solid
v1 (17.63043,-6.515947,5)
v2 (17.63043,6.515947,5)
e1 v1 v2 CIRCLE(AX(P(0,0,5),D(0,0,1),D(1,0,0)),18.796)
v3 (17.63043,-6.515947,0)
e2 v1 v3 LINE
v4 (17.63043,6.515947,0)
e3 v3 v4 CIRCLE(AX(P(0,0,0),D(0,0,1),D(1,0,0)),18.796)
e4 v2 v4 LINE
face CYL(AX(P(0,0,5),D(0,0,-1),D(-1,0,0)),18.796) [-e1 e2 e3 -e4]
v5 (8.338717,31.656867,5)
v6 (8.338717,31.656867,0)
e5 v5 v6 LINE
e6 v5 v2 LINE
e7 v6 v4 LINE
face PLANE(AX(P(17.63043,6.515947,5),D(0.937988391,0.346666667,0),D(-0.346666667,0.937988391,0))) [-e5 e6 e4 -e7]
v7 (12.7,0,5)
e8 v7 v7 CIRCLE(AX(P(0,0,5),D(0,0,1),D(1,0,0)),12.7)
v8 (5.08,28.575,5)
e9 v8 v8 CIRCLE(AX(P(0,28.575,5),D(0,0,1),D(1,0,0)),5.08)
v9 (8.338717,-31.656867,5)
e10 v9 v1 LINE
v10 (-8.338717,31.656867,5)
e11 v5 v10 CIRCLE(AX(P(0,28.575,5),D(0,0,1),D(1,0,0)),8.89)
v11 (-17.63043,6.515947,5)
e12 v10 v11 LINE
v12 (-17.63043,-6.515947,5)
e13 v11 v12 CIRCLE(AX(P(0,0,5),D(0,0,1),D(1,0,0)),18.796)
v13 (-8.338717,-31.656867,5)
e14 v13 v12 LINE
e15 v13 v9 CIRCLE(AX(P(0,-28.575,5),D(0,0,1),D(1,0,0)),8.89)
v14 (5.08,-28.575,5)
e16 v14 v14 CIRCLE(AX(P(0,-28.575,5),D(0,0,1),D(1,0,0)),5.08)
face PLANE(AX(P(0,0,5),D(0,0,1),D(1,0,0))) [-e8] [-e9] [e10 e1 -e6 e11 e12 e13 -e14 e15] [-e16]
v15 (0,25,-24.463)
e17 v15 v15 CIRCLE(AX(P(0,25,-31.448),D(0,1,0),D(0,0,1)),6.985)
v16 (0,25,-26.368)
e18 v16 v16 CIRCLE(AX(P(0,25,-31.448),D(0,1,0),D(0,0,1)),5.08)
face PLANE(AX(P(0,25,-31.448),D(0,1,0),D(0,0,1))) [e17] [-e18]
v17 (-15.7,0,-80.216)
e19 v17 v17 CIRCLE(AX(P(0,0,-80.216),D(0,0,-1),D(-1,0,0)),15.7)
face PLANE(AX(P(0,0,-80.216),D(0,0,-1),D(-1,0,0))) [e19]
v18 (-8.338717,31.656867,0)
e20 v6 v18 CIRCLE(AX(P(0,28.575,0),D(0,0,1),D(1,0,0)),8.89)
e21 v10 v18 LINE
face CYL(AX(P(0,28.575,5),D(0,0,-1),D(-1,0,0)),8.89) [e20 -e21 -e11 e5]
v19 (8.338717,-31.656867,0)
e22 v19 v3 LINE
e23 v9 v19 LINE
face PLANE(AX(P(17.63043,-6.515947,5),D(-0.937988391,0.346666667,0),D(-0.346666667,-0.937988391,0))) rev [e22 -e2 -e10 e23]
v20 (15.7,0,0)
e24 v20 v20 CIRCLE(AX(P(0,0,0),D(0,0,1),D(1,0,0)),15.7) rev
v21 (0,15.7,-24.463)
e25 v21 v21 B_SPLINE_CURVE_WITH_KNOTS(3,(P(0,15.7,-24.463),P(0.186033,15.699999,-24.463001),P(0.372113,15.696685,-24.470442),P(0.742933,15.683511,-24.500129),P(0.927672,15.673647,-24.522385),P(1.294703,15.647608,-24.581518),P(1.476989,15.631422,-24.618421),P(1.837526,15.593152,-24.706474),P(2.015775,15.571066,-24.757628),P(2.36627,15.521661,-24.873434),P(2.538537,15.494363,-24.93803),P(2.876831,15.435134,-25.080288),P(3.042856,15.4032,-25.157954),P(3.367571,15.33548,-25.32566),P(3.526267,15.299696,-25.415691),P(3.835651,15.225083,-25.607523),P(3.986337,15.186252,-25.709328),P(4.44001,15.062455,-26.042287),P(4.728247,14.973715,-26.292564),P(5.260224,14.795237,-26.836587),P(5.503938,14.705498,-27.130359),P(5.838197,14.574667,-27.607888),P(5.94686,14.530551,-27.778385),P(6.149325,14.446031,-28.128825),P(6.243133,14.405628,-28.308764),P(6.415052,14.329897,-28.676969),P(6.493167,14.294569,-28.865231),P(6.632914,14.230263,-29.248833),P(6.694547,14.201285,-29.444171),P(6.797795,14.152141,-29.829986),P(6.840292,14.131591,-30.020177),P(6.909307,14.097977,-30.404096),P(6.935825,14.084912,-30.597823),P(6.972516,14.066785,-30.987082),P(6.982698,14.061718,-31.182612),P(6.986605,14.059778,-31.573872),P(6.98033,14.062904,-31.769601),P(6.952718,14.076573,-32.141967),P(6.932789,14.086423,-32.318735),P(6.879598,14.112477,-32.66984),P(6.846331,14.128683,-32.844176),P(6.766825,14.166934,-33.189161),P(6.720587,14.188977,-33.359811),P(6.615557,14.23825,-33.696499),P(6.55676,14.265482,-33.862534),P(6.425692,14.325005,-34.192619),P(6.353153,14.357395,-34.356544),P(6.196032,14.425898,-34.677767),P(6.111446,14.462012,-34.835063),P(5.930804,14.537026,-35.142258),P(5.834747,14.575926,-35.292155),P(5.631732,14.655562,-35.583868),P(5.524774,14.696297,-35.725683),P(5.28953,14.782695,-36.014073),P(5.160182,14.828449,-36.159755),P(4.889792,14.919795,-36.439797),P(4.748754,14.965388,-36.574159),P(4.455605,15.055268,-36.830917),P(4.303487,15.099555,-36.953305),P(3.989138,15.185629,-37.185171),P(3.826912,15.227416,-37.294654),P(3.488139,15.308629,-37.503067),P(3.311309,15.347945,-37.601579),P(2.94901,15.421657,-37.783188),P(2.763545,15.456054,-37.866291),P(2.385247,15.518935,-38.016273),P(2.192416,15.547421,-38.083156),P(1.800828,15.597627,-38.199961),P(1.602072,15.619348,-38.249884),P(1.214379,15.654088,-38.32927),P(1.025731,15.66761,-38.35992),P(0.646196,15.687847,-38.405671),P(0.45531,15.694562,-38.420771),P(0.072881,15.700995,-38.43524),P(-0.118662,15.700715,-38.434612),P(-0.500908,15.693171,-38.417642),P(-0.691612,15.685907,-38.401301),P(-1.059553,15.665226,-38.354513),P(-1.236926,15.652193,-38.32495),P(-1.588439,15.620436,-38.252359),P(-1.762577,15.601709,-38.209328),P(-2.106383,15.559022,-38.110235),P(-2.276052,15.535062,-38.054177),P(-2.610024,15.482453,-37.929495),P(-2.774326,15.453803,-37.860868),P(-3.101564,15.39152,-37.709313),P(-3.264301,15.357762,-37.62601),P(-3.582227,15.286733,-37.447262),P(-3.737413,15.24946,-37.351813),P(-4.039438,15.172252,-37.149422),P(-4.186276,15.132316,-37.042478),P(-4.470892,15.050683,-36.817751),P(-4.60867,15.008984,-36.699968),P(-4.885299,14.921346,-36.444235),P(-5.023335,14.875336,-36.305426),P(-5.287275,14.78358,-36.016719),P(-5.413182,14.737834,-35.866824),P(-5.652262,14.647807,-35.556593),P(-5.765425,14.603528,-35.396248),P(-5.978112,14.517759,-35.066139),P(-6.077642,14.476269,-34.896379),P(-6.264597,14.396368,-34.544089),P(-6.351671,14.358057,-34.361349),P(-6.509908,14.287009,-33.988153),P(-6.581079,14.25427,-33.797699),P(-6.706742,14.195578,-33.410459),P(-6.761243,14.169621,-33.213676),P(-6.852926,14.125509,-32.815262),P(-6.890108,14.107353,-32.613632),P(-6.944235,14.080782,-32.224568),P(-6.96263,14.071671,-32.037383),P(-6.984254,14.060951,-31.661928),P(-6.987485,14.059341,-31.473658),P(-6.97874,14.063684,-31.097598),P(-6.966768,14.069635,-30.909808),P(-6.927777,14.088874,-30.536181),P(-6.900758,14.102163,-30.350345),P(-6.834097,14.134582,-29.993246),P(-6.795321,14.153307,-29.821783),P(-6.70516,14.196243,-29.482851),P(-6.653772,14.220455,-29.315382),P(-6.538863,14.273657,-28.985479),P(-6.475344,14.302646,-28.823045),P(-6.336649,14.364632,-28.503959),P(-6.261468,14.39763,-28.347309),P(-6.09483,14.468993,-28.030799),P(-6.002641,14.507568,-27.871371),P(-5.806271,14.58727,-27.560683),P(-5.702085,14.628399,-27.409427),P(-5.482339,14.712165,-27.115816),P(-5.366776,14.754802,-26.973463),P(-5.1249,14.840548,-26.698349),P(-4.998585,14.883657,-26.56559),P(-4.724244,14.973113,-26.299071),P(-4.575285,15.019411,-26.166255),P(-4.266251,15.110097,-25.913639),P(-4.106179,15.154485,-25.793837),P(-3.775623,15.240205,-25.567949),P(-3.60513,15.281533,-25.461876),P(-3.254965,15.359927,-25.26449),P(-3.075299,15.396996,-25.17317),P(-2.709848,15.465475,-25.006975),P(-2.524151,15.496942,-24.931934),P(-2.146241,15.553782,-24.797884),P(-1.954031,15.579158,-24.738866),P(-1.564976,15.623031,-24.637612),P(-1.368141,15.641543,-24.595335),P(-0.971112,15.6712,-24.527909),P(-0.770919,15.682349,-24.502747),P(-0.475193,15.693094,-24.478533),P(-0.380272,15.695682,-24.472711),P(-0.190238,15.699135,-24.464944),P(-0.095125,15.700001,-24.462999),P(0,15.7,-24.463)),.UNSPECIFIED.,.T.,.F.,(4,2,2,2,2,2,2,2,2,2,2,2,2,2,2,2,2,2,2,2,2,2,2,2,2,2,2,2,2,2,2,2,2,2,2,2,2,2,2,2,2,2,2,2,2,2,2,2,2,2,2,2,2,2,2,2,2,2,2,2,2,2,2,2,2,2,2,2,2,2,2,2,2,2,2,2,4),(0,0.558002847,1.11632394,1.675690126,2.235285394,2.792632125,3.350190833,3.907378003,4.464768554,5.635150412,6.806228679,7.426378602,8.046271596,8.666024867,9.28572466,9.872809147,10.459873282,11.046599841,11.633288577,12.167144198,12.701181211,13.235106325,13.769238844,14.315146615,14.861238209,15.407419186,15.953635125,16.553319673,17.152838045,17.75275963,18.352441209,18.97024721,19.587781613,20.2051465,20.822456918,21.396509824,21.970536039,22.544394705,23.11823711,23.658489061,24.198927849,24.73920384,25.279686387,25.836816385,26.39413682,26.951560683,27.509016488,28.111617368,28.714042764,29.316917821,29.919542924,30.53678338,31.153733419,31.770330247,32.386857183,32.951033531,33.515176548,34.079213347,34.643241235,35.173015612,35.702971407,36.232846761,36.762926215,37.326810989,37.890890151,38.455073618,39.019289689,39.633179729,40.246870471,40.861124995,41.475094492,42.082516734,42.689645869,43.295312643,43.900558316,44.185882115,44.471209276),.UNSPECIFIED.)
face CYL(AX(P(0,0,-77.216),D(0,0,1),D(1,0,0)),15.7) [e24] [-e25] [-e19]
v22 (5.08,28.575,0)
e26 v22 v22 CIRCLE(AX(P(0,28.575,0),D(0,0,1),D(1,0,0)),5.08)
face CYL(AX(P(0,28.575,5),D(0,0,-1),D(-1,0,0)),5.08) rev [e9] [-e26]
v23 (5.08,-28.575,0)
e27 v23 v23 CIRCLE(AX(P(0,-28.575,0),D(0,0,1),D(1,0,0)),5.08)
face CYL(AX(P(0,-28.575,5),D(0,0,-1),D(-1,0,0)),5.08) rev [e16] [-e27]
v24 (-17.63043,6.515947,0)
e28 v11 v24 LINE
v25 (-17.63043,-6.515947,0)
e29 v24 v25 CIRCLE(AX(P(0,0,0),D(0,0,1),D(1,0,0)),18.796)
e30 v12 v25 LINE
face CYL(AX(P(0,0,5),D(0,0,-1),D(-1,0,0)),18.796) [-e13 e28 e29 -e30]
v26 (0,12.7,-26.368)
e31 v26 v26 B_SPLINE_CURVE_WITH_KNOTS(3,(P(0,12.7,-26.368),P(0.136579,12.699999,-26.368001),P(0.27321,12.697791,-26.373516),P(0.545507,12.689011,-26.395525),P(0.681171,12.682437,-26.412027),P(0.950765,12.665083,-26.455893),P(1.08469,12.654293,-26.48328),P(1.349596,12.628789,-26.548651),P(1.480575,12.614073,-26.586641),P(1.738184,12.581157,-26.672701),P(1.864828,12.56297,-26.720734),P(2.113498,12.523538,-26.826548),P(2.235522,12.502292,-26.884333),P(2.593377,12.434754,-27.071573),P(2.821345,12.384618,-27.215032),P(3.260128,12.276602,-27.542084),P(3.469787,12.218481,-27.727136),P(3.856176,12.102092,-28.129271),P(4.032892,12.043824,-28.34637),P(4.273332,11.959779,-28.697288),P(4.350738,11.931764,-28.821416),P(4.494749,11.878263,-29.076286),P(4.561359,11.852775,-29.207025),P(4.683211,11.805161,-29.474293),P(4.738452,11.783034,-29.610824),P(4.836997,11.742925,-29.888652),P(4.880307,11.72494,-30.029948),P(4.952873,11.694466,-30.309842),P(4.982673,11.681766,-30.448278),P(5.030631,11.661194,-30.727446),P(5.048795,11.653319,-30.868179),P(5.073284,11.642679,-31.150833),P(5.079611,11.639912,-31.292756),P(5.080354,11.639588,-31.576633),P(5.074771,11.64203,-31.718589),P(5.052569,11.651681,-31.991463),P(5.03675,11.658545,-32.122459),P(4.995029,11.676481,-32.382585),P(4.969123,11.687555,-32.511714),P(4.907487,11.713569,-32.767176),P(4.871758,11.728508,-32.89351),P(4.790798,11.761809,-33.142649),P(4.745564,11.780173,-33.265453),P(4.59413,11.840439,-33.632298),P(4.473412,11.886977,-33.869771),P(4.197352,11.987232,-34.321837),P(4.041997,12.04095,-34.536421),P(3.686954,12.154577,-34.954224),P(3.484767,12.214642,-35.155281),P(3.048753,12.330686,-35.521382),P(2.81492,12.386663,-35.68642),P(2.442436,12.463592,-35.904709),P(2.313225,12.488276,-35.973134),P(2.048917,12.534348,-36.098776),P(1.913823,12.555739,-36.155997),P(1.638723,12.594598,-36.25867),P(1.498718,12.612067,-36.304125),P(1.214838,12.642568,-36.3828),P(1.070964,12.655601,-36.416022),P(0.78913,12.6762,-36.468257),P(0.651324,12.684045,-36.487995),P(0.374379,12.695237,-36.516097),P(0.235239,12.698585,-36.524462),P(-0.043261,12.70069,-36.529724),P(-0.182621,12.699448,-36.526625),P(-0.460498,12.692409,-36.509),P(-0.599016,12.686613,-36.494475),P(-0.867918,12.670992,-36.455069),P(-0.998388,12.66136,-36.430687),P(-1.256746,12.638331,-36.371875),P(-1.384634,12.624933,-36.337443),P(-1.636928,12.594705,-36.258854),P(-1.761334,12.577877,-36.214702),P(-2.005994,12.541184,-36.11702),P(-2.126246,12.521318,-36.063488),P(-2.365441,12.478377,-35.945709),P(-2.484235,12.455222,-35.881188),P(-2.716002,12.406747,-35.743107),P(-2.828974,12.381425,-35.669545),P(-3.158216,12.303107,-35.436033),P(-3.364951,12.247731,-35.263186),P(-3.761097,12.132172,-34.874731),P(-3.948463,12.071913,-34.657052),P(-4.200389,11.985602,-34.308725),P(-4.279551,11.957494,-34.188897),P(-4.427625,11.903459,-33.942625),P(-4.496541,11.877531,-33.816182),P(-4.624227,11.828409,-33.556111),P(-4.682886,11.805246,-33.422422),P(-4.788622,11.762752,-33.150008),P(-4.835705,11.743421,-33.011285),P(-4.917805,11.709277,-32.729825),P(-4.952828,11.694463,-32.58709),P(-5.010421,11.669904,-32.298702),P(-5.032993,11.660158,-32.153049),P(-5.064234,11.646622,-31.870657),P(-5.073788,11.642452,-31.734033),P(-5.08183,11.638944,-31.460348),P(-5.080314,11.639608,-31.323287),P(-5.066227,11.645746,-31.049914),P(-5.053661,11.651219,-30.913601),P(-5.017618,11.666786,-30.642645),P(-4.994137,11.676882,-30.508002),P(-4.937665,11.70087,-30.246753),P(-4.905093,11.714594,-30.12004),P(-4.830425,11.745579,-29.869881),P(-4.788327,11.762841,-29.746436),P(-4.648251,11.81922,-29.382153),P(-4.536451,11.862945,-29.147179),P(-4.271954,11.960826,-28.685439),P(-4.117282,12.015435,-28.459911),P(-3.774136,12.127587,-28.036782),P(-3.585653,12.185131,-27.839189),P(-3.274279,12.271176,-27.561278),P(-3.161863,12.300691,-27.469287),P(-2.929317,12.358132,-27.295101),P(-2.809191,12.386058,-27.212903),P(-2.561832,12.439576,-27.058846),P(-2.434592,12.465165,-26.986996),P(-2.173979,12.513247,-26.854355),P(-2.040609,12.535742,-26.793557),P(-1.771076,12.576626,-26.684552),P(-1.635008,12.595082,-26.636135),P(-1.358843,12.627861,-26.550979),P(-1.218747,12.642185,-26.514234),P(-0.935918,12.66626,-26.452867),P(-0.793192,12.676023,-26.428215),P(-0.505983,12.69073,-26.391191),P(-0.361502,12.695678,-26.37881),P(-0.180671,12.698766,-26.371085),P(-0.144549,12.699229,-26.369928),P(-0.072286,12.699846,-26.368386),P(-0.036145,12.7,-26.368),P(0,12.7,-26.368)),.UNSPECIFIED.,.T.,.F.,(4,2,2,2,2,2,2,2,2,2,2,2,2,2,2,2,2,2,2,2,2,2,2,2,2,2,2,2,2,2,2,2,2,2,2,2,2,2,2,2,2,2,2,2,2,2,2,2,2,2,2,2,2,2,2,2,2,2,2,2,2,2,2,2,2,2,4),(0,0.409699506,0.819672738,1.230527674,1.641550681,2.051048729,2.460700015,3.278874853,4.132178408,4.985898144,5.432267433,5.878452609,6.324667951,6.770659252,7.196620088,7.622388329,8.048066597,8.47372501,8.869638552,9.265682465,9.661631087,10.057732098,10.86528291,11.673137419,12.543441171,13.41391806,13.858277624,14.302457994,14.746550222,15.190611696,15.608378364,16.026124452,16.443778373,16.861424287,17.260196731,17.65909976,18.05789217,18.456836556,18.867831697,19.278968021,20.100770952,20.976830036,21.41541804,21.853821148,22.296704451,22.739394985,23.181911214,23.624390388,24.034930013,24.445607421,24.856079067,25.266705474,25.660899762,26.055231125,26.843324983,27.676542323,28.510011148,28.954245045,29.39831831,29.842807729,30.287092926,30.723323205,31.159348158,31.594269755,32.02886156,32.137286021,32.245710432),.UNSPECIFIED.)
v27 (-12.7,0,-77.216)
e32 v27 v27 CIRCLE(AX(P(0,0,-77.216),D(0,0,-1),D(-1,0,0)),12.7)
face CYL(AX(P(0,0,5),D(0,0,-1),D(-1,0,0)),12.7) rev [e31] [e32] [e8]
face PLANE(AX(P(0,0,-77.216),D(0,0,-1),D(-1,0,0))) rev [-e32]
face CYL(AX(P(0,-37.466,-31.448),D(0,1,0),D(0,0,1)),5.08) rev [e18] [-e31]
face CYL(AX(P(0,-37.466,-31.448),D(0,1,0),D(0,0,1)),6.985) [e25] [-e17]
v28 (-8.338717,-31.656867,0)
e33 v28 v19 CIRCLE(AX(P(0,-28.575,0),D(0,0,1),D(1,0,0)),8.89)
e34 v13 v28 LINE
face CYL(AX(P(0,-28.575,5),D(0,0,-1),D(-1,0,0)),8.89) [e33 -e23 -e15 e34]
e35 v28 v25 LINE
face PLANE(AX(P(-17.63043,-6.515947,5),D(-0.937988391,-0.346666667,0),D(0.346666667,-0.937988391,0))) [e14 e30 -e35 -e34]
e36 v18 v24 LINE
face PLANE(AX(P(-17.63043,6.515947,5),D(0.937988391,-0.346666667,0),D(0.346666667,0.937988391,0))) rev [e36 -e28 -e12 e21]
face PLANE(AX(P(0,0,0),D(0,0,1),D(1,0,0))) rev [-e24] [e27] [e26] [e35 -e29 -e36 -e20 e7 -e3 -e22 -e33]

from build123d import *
from build123d.topology import SkipClean

# Parameters (mm, degrees)
SKETCH1_R                = 5.08
SKETCH1_R_2              = 12.7
BOSS_EXTRUDE1_DEPTH      = 5
BOSS_EXTRUDE2_START      = 77.216
SKETCH2_R                = 15.7
SKETCH2_R_2              = 12.7
BOSS_EXTRUDE2_DEPTH      = 77.216
BOSS_EXTRUDE3_START      = 3
SKETCH3_R                = 15.7
BOSS_EXTRUDE3_DEPTH      = 3
BOSS_EXTRUDE5_REACH      = 105.391
BOSS_EXTRUDE5_END_RADIUS = 15.7
SKETCH4_R                = 6.985
CUT_EXTRUDE1_REACH       = 105.391
CUT_EXTRUDE1_END_RADIUS  = 12.7
SKETCH4_5_R              = 5.08


with BuildPart() as part:
    # Sketch1 → Boss-Extrude1 (new body)
    with BuildSketch(Plane.XY):
        with BuildLine():
            Line((17.630429803, 6.515946667), (8.338716799, 31.656866667))
            ThreePointArc((8.338716799, 31.656866667), (0, 37.465), (-8.338716799, 31.656866667))
            Line((-8.338716799, 31.656866667), (-17.630429803, 6.515946667))
            ThreePointArc((-17.630429803, 6.515946667), (-18.796, 0), (-17.630429803, -6.515946667))
            Line((-17.630429803, -6.515946667), (-8.338716799, -31.656866667))
            ThreePointArc((-8.338716799, -31.656866667), (0, -37.465), (8.338716799, -31.656866667))
            Line((8.338716799, -31.656866667), (17.630429803, -6.515946667))
            ThreePointArc((17.630429803, -6.515946667), (18.796, 0), (17.630429803, 6.515946667))
        make_face()
        with Locations((0, 28.575)):
            Circle(SKETCH1_R, mode=Mode.SUBTRACT)
        Circle(SKETCH1_R_2, mode=Mode.SUBTRACT)
        with Locations((0, -28.575)):
            Circle(SKETCH1_R, mode=Mode.SUBTRACT)
    extrude(amount=BOSS_EXTRUDE1_DEPTH)

    # Sketch2 → Boss-Extrude2 (add)
    with SkipClean():  # the faces are left unmerged after this step: merging them gives an invalid solid
        with BuildSketch(Plane(origin=(0, 0, 0), x_dir=(-1, 0, 0), z_dir=(0, 0, -1)).offset(BOSS_EXTRUDE2_START)):
            Circle(SKETCH2_R)
            Circle(SKETCH2_R_2, mode=Mode.SUBTRACT)
        extrude(amount=-BOSS_EXTRUDE2_DEPTH)

    # Sketch3 → Boss-Extrude3 (add)
    with SkipClean():  # the faces are left unmerged after this step: merging them gives an invalid solid
        with BuildSketch(Plane(origin=(0, 0, -77.216), x_dir=(-1, 0, 0), z_dir=(0, 0, -1)).offset(BOSS_EXTRUDE3_START)):
            Circle(SKETCH3_R)
        extrude(amount=-BOSS_EXTRUDE3_DEPTH)

    # Boss-Extrude5: up to this cylinder (the profile starts outside it)
    with SkipClean():  # the faces are left unmerged after this step: merging them gives an invalid solid
        boss_extrude5_end = Plane(origin=(0, 0, -31.448), z_dir=(0, 0, 1)) * Cylinder(BOSS_EXTRUDE5_END_RADIUS, 243.182, mode=Mode.PRIVATE)
        # Sketch4 → Boss-Extrude5 (add, up to the surface)
        with BuildSketch(Plane(origin=(0, 25, 0), x_dir=(1, 0, 0), z_dir=(0, 1, 0)), mode=Mode.PRIVATE) as boss_extrude5_sk1:
            with Locations((0, 31.448)):
                Circle(SKETCH4_R)
        boss_extrude5_tool1 = extrude(boss_extrude5_sk1.sketch, amount=-BOSS_EXTRUDE5_REACH, mode=Mode.PRIVATE) - boss_extrude5_end
        add(boss_extrude5_tool1.solids().sort_by_distance((0, 25, -31.448))[0])

    # Cut-Extrude1: up to this cylinder (the profile starts outside it)
    with SkipClean():  # the faces are left unmerged after this step: merging them gives an invalid solid
        cut_extrude1_end = Plane(origin=(0, 0, -31.448), z_dir=(0, 0, -1)) * Cylinder(CUT_EXTRUDE1_END_RADIUS, 237.182, mode=Mode.PRIVATE)
        # Sketch4<5> → Cut-Extrude1 (cut, up to the surface)
        with BuildSketch(Plane(origin=(0, 25, 0), x_dir=(1, 0, 0), z_dir=(0, 1, 0)), mode=Mode.PRIVATE) as cut_extrude1_sk1:
            with Locations((0, 31.448)):
                Circle(SKETCH4_5_R)
        cut_extrude1_tool1 = extrude(cut_extrude1_sk1.sketch, amount=-CUT_EXTRUDE1_REACH, mode=Mode.PRIVATE) - cut_extrude1_end
        add(cut_extrude1_tool1.solids().sort_by_distance((0, 25, -31.448))[0], mode=Mode.SUBTRACT)


solid = part.part
